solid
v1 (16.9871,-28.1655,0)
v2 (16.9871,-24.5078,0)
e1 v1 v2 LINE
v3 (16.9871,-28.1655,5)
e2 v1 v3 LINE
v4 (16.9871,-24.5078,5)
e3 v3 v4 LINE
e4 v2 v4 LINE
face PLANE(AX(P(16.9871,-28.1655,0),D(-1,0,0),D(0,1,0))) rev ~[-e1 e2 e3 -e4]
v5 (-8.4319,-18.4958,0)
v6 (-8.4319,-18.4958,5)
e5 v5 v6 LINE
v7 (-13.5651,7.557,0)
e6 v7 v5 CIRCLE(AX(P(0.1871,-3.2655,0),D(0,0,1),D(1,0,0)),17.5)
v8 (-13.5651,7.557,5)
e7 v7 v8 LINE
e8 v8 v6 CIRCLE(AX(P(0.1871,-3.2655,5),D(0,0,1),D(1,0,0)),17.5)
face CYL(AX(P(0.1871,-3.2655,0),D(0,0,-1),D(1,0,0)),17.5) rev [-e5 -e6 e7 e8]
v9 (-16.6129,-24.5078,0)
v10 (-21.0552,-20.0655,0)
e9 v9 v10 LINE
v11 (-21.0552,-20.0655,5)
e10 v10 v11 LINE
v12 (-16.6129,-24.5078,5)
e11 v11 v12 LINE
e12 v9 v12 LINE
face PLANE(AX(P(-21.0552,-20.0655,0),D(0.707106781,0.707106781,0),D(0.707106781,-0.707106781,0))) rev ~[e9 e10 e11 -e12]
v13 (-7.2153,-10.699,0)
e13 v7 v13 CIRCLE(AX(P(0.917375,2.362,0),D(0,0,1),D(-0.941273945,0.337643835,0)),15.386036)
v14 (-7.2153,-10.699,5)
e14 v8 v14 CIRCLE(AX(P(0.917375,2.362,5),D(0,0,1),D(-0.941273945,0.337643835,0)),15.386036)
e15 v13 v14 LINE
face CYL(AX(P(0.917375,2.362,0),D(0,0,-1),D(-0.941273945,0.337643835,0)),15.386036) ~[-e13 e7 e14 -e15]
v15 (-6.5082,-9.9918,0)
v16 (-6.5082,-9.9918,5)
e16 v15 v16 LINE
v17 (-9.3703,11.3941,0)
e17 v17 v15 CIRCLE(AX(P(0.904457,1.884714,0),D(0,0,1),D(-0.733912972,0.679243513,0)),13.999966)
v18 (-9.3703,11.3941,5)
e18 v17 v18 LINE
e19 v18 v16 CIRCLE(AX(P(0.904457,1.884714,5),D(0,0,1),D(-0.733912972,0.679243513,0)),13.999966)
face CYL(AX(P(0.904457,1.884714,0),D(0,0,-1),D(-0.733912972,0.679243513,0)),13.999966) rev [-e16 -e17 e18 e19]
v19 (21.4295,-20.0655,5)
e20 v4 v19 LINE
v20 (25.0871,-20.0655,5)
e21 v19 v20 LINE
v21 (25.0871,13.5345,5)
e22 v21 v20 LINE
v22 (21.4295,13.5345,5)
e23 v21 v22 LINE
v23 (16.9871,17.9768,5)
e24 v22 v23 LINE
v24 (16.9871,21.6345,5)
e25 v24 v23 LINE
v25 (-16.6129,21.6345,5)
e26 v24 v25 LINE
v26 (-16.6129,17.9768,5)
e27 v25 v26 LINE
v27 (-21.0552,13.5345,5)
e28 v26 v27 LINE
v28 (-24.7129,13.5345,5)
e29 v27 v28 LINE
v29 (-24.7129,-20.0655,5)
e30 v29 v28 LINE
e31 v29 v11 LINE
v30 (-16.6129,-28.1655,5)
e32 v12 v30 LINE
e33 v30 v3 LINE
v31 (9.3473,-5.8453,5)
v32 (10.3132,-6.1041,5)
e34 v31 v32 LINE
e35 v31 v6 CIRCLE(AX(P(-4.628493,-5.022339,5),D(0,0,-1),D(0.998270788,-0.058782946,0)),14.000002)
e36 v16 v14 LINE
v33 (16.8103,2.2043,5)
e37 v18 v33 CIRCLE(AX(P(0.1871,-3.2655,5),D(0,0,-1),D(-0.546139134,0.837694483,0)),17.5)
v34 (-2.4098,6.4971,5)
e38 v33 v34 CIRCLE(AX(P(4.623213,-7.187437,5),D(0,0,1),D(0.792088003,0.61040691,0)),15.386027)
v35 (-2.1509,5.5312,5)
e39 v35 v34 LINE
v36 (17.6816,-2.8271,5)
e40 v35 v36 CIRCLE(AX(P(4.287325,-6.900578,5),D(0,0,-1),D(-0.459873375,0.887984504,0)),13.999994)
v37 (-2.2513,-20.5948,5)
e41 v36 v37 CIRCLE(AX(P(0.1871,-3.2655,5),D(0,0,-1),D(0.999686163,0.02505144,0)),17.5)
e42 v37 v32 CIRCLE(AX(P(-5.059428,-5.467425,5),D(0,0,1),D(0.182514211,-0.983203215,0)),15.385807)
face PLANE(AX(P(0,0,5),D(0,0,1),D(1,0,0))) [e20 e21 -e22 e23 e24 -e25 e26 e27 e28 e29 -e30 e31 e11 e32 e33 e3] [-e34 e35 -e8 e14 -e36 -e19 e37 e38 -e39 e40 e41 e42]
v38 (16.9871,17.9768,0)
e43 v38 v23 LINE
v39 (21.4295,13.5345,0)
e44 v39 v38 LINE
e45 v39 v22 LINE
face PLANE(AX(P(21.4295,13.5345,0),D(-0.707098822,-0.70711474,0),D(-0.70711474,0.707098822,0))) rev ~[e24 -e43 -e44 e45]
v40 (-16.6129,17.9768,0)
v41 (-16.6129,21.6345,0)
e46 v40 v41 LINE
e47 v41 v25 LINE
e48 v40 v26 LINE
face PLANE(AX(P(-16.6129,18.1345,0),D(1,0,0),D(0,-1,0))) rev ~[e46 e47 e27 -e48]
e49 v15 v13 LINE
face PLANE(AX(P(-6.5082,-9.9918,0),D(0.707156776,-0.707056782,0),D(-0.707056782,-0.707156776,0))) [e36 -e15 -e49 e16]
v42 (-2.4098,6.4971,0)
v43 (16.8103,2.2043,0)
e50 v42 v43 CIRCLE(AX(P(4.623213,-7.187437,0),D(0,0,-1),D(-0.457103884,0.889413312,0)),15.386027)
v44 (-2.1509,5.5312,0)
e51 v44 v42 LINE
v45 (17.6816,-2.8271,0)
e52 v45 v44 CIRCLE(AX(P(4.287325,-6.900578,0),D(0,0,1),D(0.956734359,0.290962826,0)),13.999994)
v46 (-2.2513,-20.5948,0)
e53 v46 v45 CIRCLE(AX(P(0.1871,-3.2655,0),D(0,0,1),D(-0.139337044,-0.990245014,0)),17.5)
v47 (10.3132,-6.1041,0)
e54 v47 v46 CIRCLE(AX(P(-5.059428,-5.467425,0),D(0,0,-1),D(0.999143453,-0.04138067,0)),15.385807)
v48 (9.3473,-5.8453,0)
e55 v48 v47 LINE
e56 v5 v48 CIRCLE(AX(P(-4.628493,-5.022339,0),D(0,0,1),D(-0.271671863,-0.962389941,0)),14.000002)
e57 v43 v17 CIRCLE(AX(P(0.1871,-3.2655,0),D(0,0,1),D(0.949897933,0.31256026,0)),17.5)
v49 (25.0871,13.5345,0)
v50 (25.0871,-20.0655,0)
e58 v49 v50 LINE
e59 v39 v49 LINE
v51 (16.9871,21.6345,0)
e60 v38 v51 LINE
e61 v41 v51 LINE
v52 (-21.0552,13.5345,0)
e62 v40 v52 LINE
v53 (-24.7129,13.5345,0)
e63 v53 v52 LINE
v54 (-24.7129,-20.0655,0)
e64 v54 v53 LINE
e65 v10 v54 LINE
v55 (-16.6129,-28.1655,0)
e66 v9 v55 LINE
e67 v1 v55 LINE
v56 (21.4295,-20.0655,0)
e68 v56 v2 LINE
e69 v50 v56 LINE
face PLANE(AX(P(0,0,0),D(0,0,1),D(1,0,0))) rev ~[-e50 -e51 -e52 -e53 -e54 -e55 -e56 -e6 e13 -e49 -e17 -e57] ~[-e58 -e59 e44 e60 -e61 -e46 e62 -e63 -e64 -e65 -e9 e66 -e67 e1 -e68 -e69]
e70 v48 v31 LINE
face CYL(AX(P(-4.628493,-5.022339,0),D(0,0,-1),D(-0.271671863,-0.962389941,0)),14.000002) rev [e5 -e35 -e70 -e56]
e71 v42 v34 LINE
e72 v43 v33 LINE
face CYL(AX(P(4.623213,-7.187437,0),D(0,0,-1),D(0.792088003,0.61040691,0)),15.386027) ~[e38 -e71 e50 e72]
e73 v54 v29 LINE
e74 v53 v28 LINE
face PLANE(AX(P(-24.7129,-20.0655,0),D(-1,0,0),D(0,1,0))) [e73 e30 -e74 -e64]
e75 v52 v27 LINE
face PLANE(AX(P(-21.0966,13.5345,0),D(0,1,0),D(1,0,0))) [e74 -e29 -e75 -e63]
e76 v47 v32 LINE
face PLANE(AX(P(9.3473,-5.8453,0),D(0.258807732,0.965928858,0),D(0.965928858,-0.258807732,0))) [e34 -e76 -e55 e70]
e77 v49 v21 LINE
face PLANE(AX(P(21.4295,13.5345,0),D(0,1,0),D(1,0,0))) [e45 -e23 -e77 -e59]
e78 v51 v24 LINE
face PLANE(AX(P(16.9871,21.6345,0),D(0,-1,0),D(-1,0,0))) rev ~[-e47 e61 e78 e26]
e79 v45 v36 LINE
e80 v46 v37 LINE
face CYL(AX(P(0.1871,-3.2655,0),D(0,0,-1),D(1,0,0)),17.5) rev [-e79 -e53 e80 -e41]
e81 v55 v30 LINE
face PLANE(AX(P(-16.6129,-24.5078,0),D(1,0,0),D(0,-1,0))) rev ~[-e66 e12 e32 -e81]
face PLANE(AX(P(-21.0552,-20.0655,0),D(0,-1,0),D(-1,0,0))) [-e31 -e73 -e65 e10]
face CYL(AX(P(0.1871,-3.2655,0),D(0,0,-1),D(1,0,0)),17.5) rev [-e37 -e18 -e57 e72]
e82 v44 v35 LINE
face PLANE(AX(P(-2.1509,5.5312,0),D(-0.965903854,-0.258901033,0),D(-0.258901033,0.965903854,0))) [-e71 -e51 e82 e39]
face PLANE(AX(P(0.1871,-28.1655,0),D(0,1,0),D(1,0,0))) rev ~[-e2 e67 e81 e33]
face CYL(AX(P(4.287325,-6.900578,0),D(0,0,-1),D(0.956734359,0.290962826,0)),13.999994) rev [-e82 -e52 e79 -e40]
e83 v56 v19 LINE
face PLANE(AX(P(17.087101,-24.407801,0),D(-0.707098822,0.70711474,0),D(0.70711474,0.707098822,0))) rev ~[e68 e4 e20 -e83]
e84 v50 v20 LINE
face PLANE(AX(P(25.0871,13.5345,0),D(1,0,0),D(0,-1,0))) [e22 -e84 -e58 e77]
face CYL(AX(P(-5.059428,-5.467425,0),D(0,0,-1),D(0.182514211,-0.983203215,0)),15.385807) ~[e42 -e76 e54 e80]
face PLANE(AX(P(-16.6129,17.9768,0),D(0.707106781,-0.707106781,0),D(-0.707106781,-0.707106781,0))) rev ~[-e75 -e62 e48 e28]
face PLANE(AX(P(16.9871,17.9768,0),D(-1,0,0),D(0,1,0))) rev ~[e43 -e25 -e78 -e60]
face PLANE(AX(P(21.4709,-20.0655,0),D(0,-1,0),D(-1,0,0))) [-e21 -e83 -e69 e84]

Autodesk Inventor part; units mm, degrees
ref_plane "YZ Plane" through (0, 0, 0) normal (1, 0, 0) x (0, 1, 0)
ref_plane "XZ Plane" through (0, 0, 0) normal (0, 1, 0) x (-1, 0, 0)
ref_plane "XY Plane" through (0, 0, 0) normal (0, 0, 1) x (1, 0, 0)
sketch "Sketch1" plane through (0, 0, 0) normal (0, 0, 1) x (1, 0, 0)
  line L0 (21.5871, 13.6345) -> (17.0871, 18.1345) projected
  line L1 (17.0871, 18.1345) -> (-16.7129, 18.1345) projected
  line L2 (-16.7129, 18.1345) -> (-21.2129, 13.6345) projected
  line L3 (-21.0966, 13.6345) -> (-21.0966, -20.1655) projected
  line L4 (21.4709, -20.1655) -> (21.4709, 13.6345) projected
  line L5 (21.4709, -20.1655) -> (17.0871, -24.4078) projected
  line L6 (-16.7129, -24.4078) -> (17.0871, -24.4078) projected
  line L7 (-16.7129, -24.4078) -> (-21.0966, -20.1655) projected
  line L8 (-24.7129, -28.1655) -> (-24.7129, 13.6345) construction
  line L9 (25.0871, -28.1655) -> (-24.7129, -28.1655) construction
  line L10 (25.0871, -28.1655) -> (25.0871, 13.6345) construction
  line L11 (17.0871, 21.6345) -> (-16.7129, 21.6345) construction
  arc A0 (-2.2513, -20.5948) -> (10.3132, -6.1041) centre (-5.0595, -5.4673) ccw
  line L12 (9.3473, -5.8453) -> (10.3132, -6.1041)
  arc A1 (-8.4319, -18.4958) -> (9.3473, -5.8453) centre (-4.6285, -5.0223) ccw
  arc A2 (-13.5651, 7.557) -> (-7.2153, -10.699) centre (0.9173, 2.362) ccw
  line L13 (-6.5082, -9.9918) -> (-7.2153, -10.699)
  arc A3 (-9.3703, 11.3941) -> (-6.5082, -9.9918) centre (0.9045, 1.8847) ccw
  arc A4 (16.8103, 2.2043) -> (-2.4098, 6.4971) centre (4.6233, -7.1873) ccw
  line L14 (-2.1509, 5.5312) -> (-2.4098, 6.4971)
  arc A5 (17.6816, -2.8271) -> (-2.1509, 5.5312) centre (4.2873, -6.9006) ccw
  line L15 (0.1871, -36.5255) -> (0.1871, 21.9945)
  line L16 (14.6206, -3.2655) -> (-14.2825, -3.2655) construction
  line L17 (-21.0552, -20.0655) -> (-16.6129, -24.5078)
  line L18 (-16.6129, -24.5078) -> (-16.6129, -28.1655)
  line L19 (-16.6129, -28.1655) -> (16.9871, -28.1655)
  line L20 (16.9871, -28.1655) -> (16.9871, -24.5078)
  line L21 (16.9871, -24.5078) -> (21.4295, -20.0655)
  line L22 (25.0871, -20.0655) -> (21.4295, -20.0655)
  line L23 (25.0871, 13.5345) -> (25.0871, -20.0655)
  line L24 (21.4295, 13.5345) -> (25.0871, 13.5345)
  line L25 (21.4295, 13.5345) -> (16.9871, 17.9768)
  line L26 (16.9871, 17.9768) -> (16.9871, 21.6345)
  line L27 (16.9871, 21.6345) -> (-16.6129, 21.6345)
  line L28 (-16.6129, 21.6345) -> (-16.6129, 17.9768)
  line L29 (-16.6129, 17.9768) -> (-21.0552, 13.5345)
  line L30 (-24.7129, 13.5345) -> (-21.0552, 13.5345)
  line L31 (-24.7129, -20.0655) -> (-24.7129, 13.5345)
  line L32 (-21.0552, -20.0655) -> (-24.7129, -20.0655)
  circle A6 centre (0.1871, -3.2655) radius 17.5
  point P0 (0, 0)
  point P1 (14.2, -44.8454)
  point P2 (9.8303, -5.9747)
  point P3 (0, 0)
  point P4 (16.9871, 19.8057)
  dimension "d48" = 35
  dimension "d49" = 1
  dimension "d50" = 1
  dimension "d51" = 1
extrude "Extrusion1" add sketch "Sketch1" along normal blind 5 contours L26 L25 L24 L4 L22 L21 L6 L15 A6 L1 | L1 L15 L27 L26 | L15 A6 L6 L17 L32 L3 L30 L29 L28 L1 | L1 L28 L27 L15 | L15 A5 L14 A4 | A4 A6 A5 L15 | A3 L13 A2 A6 | L24 L23 L22 L4 | L3 L32 L31 L30 | L15 A0 A6 A1 | A1 L12 A0 L15 | L21 L20 L19 L15 L6 | L15 L19 L18 L17 L6
properties part number "20_Cube_Insert_Holder-okular+flashlight_v2"
